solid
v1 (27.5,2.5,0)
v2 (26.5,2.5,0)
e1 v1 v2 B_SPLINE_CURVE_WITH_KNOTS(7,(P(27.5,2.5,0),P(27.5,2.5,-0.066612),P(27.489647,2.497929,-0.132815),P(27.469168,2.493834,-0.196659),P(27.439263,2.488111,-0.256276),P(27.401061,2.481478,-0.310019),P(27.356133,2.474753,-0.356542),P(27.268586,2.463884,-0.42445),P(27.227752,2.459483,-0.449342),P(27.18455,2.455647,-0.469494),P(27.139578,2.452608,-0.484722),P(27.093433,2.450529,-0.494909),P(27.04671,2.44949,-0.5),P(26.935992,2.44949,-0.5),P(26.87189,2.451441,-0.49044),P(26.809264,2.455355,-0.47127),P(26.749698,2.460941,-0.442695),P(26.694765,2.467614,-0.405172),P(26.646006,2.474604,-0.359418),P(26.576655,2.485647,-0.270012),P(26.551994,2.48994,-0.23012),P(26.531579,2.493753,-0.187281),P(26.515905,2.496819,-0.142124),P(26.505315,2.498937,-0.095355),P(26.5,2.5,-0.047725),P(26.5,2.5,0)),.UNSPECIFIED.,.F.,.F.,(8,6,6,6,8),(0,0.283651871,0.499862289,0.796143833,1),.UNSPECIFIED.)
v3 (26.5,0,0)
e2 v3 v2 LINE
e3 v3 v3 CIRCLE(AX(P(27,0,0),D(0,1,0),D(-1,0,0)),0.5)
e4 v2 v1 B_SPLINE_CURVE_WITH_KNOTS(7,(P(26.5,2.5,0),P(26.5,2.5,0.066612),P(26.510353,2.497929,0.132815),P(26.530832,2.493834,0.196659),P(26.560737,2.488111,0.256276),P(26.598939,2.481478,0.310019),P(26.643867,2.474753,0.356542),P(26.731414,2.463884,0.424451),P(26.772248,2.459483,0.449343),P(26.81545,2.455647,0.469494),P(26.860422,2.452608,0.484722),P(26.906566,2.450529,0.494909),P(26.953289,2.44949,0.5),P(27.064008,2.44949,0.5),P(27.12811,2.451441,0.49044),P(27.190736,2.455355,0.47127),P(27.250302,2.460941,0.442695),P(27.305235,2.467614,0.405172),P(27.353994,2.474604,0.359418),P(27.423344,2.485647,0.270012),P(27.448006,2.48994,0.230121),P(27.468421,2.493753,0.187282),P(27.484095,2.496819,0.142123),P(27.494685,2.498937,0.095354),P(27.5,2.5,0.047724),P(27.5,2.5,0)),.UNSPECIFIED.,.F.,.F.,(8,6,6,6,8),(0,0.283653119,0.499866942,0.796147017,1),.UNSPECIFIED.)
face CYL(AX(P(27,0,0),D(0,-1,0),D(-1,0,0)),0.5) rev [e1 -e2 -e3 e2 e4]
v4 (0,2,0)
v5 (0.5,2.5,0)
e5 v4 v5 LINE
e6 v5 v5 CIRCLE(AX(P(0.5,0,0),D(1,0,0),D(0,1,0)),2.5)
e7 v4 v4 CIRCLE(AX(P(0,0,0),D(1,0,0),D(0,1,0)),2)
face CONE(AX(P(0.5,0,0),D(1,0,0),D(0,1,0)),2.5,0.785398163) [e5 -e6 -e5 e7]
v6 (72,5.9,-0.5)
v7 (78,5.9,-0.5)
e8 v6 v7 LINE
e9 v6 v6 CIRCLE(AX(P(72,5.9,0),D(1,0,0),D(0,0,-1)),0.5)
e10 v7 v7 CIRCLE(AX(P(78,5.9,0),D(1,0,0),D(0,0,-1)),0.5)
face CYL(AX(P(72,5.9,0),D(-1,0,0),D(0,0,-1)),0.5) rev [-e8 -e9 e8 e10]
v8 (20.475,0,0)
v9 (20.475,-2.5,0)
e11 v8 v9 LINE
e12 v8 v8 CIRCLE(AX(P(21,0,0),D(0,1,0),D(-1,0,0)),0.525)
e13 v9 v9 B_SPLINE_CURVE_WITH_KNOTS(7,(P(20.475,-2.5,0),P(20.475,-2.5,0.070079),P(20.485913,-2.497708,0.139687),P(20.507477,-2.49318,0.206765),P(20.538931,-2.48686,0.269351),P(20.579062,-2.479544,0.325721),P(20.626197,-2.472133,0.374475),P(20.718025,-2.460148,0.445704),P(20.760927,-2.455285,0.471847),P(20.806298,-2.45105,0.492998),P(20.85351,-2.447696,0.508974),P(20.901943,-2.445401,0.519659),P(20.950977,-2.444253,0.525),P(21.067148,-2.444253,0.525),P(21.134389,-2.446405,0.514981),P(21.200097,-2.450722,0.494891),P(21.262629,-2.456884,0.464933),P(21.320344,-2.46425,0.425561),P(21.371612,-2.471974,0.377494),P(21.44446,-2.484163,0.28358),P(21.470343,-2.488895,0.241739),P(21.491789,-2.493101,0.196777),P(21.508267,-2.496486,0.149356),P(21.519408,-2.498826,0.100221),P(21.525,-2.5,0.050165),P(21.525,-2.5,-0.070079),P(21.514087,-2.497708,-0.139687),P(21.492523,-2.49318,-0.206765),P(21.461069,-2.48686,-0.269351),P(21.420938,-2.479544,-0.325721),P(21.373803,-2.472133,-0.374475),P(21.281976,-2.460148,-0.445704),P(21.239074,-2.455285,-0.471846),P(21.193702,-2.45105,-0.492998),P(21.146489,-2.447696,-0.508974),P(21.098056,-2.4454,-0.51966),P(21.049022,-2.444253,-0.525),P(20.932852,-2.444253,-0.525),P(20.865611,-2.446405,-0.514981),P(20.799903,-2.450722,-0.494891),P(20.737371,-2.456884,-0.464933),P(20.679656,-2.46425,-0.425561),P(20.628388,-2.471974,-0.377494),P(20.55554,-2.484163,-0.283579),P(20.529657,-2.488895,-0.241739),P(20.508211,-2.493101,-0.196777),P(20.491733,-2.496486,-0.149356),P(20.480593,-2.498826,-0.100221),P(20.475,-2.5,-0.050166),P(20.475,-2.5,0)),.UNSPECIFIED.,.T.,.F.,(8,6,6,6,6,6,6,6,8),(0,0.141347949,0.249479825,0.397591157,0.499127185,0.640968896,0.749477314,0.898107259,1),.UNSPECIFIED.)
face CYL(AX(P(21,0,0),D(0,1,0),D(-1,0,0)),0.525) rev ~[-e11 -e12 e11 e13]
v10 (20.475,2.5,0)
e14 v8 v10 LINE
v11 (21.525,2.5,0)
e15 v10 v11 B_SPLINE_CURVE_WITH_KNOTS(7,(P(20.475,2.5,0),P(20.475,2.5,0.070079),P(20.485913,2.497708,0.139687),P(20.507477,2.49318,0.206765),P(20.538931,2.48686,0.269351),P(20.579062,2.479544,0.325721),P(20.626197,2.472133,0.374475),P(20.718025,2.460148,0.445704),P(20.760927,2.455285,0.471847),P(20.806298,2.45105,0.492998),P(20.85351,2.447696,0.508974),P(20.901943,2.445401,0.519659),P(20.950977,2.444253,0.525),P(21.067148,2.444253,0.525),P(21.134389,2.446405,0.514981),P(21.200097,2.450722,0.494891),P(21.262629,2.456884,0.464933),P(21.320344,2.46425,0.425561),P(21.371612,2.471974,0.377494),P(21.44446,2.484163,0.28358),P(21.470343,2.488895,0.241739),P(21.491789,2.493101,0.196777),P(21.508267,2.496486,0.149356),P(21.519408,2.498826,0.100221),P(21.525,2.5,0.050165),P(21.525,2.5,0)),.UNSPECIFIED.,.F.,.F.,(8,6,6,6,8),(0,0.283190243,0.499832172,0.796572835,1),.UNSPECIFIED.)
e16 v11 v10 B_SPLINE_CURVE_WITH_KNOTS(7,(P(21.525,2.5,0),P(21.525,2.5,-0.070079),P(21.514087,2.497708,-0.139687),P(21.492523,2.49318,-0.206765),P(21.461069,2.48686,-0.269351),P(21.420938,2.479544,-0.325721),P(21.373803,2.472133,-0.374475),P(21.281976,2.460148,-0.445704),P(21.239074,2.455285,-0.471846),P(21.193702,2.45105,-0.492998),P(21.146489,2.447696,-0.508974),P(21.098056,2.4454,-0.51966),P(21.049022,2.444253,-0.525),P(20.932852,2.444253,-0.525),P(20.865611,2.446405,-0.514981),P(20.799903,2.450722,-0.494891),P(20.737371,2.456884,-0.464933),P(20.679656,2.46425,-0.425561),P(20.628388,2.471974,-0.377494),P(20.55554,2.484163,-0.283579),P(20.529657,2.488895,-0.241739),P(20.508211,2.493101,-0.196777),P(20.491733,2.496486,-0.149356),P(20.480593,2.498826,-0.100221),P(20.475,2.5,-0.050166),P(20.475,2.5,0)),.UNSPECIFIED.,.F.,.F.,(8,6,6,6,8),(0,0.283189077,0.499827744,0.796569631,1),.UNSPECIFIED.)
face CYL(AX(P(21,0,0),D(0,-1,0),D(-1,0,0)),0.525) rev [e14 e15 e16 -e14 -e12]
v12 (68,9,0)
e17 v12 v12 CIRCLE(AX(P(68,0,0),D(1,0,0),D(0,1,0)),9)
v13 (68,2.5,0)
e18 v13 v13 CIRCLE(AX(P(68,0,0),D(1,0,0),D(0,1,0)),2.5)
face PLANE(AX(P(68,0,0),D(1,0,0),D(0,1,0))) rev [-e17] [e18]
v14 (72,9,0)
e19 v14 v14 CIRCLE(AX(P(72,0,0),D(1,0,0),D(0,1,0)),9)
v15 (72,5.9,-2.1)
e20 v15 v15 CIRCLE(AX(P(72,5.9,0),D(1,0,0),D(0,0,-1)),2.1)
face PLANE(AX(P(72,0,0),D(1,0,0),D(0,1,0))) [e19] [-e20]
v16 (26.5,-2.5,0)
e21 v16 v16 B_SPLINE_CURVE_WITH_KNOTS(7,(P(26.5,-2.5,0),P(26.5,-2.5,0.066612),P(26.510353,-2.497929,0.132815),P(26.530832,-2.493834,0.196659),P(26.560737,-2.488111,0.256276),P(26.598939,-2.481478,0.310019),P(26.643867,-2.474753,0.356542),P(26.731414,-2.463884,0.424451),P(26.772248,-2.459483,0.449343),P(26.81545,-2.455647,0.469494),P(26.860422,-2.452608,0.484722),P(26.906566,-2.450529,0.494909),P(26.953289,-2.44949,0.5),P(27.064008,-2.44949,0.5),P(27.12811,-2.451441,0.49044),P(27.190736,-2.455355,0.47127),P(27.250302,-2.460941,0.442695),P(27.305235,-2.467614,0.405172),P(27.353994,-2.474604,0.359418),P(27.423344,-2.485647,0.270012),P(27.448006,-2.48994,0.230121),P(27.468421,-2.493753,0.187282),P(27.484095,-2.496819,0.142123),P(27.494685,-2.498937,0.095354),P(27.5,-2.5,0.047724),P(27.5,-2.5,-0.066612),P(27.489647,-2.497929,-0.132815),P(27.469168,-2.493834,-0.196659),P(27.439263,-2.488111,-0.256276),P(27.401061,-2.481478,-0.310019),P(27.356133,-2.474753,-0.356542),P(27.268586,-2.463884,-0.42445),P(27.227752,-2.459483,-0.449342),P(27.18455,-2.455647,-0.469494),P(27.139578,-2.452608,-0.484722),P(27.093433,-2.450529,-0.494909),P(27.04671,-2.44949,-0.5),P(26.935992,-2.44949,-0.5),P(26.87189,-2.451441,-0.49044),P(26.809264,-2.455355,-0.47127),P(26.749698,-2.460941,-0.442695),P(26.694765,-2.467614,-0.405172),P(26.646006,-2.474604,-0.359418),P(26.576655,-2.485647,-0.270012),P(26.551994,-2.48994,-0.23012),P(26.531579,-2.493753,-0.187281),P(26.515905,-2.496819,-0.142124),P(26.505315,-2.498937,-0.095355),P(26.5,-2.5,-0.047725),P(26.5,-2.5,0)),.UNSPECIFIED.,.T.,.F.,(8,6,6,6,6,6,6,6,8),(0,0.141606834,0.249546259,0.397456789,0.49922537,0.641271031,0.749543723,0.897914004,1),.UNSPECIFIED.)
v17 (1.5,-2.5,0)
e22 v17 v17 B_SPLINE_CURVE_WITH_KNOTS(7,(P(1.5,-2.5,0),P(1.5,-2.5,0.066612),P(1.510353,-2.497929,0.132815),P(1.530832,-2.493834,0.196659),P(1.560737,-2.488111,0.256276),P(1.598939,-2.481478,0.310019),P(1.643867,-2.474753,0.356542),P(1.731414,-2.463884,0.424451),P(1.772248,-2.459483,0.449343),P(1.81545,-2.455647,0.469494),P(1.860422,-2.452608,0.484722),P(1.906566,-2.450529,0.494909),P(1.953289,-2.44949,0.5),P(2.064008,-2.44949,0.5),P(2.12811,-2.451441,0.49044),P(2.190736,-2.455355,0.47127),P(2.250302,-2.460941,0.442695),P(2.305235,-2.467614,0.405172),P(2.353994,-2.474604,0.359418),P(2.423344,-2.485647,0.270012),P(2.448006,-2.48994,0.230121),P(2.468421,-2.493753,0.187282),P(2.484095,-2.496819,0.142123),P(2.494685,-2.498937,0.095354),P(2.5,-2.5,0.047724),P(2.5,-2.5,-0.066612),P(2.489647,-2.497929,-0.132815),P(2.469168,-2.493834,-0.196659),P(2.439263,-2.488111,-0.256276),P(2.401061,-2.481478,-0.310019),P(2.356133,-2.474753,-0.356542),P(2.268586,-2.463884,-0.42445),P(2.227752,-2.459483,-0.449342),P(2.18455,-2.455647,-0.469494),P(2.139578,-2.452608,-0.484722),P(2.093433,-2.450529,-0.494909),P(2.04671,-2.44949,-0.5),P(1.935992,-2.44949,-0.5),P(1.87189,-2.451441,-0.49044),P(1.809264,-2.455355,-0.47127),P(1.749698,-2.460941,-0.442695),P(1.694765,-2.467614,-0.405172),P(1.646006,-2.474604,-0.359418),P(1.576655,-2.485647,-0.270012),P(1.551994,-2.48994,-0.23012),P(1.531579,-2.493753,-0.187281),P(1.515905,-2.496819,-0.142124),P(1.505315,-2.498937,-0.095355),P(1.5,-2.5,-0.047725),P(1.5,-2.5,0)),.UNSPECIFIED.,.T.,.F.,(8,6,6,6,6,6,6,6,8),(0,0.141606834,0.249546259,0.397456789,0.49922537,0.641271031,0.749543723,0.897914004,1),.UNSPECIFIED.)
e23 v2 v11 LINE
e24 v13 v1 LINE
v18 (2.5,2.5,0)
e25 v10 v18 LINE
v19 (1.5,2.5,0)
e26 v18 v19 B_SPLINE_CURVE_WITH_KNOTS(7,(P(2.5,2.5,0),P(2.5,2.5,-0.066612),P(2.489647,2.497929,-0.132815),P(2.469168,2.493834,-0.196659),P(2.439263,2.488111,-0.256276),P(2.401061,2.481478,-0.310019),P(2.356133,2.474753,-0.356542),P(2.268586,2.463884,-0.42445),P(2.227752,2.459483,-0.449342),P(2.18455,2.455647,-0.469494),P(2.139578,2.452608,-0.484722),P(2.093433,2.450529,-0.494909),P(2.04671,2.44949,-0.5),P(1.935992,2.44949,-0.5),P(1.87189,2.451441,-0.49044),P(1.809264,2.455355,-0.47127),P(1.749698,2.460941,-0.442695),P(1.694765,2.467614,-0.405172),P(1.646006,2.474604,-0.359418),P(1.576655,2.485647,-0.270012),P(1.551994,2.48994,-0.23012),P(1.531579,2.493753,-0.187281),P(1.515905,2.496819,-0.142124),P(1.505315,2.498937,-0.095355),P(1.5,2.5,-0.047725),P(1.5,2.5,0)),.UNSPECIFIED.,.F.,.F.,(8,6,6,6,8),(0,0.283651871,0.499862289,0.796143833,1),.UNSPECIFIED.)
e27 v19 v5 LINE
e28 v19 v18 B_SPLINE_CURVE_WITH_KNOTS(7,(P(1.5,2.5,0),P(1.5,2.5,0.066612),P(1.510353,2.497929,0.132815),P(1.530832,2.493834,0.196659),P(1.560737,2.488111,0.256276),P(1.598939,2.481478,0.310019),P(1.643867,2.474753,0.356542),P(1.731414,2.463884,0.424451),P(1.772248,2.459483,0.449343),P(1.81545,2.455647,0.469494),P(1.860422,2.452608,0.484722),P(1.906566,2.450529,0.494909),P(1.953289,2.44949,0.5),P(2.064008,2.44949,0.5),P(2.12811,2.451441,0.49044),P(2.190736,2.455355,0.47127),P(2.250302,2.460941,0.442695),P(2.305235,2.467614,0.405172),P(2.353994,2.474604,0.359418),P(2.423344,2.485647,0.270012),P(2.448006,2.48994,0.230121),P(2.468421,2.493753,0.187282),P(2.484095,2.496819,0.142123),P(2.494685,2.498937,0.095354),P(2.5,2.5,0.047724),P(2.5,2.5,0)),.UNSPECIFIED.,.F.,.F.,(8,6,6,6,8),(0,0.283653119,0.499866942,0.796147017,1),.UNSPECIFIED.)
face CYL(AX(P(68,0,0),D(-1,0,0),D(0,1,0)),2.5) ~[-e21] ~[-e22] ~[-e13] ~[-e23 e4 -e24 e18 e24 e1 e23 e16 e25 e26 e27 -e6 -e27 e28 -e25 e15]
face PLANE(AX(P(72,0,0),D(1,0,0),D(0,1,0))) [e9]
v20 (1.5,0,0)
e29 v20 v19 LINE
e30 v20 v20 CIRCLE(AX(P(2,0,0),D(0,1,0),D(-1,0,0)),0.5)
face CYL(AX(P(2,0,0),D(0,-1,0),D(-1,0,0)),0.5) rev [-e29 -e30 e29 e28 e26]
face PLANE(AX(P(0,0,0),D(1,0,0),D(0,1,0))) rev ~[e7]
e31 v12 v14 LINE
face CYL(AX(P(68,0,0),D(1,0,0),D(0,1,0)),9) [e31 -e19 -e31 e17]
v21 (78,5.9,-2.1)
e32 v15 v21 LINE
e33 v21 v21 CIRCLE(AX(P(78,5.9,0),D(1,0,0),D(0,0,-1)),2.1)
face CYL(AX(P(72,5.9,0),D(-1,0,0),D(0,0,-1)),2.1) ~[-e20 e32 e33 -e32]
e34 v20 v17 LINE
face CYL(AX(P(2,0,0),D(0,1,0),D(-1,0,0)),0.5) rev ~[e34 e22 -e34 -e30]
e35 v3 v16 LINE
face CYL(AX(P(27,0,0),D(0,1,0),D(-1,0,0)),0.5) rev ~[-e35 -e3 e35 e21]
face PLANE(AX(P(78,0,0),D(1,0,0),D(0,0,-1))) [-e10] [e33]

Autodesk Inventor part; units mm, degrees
ref_plane "YZ Plane" through (0, 0, 0) normal (1, 0, 0) x (0, 1, 0)
ref_plane "XZ Plane" through (0, 0, 0) normal (0, 1, 0) x (-1, 0, 0)
ref_plane "XY Plane" through (0, 0, 0) normal (0, 0, 1) x (1, 0, 0)
sketch "Sketch1" plane through (0, 0, 0) normal (0, 0, 1) x (1, 0, 0)
  line L0 (0, 0) -> (72, 0)
  line L1 (68, 2.5) -> (0, 2.5)
  line L2 (0, 2.5) -> (0, 0)
  line L3 (68, 2.5) -> (68, 9)
  line L4 (68, 9) -> (72, 9)
  line L5 (72, 9) -> (72, 0)
revolve "Revolution1" add sketch "Sketch1" angle 360 about axis through (0, 0, 0) along (1, 0, 0)
chamfer "Chamfer1" distance 0.5 angle 45 1 edges at (0, -2.5, 0)
thread "Thread1" size "M5x0.8" class "6g" standard "ISO Metric profile" length 10 offset 58
sketch "Sketch2" plane through (72, 0, 0) normal (1, 0, 0) x (0, 0, -1)
  circle A0 centre (0, 5.9) radius 2.1
  circle A1 centre (0, 5.9) radius 0.5
extrude "Extrusion1" add sketch "Sketch2" along normal blind 6
sketch "Sketch3" plane through (0, 0, 0) normal (0, 1, 0) x (-1, 0, 0)
  circle A0 centre (-2, 0) radius 0.5
extrude "Extrusion2" cut sketch "Sketch3" along normal mid plane 10
sketch "Sketch4" plane through (0, 0, 0) normal (0, 1, 0) x (-1, 0, 0)
  circle A0 centre (-27, 0) radius 0.5
extrude "Extrusion3" cut sketch "Sketch4" along normal mid plane 10
sketch "Sketch5" plane through (0, 0, 0) normal (0, 1, 0) x (-1, 0, 0)
  circle A0 centre (-21, 0) radius 0.525
extrude "Extrusion4" cut sketch "Sketch5" along normal mid plane 10
properties part number "shaft"
